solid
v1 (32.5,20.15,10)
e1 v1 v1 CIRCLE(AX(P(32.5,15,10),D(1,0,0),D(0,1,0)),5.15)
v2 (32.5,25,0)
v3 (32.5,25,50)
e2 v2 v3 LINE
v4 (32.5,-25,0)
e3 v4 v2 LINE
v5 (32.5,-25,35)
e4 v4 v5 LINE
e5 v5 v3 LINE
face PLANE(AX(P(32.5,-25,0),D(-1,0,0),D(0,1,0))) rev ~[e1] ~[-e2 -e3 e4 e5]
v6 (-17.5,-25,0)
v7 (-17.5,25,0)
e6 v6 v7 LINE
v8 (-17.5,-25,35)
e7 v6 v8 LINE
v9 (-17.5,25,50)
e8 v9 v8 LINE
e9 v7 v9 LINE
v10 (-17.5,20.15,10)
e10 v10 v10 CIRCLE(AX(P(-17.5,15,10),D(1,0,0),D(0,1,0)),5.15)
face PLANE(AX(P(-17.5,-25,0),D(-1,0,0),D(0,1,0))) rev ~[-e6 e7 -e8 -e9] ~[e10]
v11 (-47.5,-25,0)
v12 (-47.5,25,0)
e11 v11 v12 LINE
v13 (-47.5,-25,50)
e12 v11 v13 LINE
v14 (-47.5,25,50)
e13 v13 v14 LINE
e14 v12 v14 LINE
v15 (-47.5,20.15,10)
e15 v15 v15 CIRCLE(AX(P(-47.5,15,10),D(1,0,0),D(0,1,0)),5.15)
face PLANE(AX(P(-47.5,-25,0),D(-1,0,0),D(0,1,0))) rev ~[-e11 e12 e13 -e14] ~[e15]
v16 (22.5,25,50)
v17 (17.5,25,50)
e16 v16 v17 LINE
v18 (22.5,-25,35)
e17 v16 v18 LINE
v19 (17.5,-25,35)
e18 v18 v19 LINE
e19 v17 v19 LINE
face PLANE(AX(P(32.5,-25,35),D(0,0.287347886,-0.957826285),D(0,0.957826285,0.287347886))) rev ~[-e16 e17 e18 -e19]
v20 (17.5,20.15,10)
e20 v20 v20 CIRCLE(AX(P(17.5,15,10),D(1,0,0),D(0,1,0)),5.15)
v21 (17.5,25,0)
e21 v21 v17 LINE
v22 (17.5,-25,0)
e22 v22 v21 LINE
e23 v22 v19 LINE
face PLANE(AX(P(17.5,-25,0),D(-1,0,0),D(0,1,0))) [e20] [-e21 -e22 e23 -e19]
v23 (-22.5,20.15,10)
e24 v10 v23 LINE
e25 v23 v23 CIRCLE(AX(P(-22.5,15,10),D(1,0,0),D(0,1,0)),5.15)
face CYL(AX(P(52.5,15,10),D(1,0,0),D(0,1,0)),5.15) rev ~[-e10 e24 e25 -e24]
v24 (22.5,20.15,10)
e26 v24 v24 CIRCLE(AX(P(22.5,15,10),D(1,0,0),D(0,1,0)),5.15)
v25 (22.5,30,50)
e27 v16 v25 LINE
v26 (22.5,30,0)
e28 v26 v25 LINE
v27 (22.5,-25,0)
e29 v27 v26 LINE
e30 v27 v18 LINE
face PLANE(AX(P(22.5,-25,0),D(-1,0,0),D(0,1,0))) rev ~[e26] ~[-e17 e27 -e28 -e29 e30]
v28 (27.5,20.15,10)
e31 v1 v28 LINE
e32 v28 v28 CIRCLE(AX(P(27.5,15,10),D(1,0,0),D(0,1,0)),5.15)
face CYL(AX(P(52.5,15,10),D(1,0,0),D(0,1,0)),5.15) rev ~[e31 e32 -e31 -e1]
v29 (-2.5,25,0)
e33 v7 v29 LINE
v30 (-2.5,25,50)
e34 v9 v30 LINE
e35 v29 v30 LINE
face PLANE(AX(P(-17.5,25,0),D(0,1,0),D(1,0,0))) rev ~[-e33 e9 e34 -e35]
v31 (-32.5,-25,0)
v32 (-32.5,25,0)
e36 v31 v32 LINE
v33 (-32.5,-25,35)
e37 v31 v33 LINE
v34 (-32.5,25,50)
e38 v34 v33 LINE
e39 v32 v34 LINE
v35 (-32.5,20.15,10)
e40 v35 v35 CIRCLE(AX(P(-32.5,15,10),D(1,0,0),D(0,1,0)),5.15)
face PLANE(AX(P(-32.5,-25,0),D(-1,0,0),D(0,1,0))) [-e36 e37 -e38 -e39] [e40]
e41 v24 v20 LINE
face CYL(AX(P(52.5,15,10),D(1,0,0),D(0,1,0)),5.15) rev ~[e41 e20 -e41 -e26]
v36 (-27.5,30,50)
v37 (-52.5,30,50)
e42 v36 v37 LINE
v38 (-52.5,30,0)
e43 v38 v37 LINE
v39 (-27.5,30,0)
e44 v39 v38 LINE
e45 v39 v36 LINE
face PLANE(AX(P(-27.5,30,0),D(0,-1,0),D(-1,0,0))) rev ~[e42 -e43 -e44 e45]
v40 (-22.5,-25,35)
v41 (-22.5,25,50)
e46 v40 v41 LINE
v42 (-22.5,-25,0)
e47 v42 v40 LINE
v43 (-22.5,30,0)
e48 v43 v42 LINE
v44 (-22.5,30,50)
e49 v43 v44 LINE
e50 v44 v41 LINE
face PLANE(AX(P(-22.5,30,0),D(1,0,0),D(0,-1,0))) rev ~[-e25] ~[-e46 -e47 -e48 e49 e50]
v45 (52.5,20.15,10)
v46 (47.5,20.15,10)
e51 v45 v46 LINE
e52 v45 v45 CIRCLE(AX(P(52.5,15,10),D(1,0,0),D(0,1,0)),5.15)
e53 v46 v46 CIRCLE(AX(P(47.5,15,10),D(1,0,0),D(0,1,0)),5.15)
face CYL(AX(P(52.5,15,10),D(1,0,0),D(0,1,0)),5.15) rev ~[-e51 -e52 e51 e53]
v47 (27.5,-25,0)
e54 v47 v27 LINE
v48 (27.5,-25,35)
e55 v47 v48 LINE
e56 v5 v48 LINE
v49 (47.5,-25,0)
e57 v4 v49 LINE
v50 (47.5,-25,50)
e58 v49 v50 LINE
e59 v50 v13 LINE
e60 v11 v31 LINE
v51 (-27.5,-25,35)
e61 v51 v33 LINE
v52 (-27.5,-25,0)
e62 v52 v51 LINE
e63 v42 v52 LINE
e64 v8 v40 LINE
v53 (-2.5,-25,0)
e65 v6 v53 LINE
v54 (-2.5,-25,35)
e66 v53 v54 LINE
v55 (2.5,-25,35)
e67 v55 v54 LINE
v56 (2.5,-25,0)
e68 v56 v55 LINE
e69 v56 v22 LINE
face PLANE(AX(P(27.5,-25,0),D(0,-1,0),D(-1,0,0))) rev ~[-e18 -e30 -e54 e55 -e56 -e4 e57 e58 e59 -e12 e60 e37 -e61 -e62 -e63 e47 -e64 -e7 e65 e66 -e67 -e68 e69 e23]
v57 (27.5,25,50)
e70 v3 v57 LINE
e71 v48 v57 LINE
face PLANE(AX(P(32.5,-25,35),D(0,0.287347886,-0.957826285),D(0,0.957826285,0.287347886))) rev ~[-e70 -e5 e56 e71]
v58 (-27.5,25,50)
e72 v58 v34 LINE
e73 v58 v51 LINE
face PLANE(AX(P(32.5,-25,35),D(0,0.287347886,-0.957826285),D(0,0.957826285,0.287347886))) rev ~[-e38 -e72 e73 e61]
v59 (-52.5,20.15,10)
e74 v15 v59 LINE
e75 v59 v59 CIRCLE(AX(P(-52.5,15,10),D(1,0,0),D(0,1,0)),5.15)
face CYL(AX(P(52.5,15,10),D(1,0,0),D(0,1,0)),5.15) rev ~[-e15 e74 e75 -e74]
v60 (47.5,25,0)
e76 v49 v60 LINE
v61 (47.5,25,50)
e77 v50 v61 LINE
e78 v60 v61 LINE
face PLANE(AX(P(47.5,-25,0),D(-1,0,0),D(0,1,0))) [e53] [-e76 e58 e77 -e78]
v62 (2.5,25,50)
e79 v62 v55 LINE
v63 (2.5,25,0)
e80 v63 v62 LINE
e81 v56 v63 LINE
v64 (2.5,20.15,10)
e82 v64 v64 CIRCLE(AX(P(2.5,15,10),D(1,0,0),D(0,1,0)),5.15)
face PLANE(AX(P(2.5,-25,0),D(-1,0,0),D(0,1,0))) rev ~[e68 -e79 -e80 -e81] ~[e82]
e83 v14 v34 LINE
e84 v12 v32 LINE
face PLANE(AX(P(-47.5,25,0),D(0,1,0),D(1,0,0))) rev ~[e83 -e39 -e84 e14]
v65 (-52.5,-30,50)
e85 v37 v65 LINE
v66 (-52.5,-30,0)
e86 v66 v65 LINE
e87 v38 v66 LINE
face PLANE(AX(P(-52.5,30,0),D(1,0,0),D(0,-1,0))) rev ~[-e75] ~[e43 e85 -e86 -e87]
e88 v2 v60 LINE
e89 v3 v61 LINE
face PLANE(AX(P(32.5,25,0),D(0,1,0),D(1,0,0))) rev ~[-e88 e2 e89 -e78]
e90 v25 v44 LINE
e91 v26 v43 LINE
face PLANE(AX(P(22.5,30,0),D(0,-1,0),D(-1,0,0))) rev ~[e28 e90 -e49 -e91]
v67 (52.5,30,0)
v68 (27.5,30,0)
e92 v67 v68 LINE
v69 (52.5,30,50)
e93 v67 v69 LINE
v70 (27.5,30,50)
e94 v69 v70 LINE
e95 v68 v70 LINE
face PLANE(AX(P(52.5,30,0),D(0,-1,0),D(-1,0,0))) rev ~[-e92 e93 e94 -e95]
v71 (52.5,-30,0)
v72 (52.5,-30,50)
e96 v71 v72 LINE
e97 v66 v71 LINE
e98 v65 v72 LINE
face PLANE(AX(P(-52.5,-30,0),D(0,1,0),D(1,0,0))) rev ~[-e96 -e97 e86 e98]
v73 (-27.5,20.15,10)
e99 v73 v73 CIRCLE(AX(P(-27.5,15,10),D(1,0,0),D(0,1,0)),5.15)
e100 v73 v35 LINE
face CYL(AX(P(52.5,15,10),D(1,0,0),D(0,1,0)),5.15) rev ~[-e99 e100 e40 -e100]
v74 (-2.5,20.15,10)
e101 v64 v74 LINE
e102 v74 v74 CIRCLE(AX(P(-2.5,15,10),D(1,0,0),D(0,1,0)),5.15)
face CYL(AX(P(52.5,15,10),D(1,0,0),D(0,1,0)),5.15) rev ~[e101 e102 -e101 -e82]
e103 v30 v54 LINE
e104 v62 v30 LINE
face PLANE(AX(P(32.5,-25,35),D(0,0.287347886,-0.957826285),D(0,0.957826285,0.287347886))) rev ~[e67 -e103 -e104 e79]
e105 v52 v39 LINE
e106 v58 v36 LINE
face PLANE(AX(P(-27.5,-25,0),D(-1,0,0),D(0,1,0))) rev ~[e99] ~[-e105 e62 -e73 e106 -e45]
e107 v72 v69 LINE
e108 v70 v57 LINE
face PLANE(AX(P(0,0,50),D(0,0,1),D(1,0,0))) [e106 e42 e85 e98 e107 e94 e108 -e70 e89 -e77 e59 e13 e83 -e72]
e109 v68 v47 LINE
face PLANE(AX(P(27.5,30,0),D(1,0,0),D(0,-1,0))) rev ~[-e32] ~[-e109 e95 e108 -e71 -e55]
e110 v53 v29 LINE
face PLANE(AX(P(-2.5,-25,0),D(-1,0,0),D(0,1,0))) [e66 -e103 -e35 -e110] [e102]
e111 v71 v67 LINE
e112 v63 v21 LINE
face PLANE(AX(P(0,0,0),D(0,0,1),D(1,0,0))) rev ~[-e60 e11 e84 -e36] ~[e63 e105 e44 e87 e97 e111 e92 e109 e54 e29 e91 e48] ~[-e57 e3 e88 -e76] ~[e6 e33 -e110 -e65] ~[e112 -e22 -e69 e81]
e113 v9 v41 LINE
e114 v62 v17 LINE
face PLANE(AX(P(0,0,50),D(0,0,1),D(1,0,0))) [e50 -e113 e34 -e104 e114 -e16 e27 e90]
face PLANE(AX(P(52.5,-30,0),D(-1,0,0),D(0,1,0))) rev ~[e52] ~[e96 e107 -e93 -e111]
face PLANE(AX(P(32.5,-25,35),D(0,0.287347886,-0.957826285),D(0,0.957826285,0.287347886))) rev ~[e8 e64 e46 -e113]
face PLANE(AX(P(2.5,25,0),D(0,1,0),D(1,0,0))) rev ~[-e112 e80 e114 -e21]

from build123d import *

# Parameters (mm, degrees)
F0_W     = 15
F0_H     = 50
F1_DEPTH = 50
F2_R     = 5.15
F3_DEPTH = 105.001
F5_DEPTH = 75


with BuildPart() as f1:
    # F0 (on Top) → F1 (new body)
    with BuildSketch(Plane.XY):
        Polygon((52.5, -30), (52.5, 30), (27.5, 30), (27.5, 25), (27.5, -25), (22.5, -25), (22.5, 25), (22.5, 30), (-22.5, 30), (-22.5, 25), (-22.5, -25), (-27.5, -25), (-27.5, 25), (-27.5, 30), (-52.5, 30), (-52.5, -30), align=None)
        with Locations((-40, 0)):
            Rectangle(F0_W, F0_H, mode=Mode.SUBTRACT)
        with Locations((-10, 0)):
            Rectangle(F0_W, F0_H, mode=Mode.SUBTRACT)
        with Locations((10, 0)):
            Rectangle(F0_W, F0_H, mode=Mode.SUBTRACT)
        with Locations((40, 0)):
            Rectangle(F0_W, F0_H, mode=Mode.SUBTRACT)
    extrude(amount=F1_DEPTH)

    # F2 (on face) → F3 (cut, through all)
    with BuildSketch(Plane.YZ.offset(52.5)):
        with Locations((15, 10)):
            Circle(F2_R)
    extrude(amount=-F3_DEPTH, mode=Mode.SUBTRACT)

    # F4 (on face) → F5 (cut)
    with BuildSketch(Plane.YZ.offset(32.5)):
        Polygon((-25, 35), (25, 50), (-25, 50), align=None)
    extrude(amount=-F5_DEPTH, mode=Mode.SUBTRACT)


solid = f1.part
